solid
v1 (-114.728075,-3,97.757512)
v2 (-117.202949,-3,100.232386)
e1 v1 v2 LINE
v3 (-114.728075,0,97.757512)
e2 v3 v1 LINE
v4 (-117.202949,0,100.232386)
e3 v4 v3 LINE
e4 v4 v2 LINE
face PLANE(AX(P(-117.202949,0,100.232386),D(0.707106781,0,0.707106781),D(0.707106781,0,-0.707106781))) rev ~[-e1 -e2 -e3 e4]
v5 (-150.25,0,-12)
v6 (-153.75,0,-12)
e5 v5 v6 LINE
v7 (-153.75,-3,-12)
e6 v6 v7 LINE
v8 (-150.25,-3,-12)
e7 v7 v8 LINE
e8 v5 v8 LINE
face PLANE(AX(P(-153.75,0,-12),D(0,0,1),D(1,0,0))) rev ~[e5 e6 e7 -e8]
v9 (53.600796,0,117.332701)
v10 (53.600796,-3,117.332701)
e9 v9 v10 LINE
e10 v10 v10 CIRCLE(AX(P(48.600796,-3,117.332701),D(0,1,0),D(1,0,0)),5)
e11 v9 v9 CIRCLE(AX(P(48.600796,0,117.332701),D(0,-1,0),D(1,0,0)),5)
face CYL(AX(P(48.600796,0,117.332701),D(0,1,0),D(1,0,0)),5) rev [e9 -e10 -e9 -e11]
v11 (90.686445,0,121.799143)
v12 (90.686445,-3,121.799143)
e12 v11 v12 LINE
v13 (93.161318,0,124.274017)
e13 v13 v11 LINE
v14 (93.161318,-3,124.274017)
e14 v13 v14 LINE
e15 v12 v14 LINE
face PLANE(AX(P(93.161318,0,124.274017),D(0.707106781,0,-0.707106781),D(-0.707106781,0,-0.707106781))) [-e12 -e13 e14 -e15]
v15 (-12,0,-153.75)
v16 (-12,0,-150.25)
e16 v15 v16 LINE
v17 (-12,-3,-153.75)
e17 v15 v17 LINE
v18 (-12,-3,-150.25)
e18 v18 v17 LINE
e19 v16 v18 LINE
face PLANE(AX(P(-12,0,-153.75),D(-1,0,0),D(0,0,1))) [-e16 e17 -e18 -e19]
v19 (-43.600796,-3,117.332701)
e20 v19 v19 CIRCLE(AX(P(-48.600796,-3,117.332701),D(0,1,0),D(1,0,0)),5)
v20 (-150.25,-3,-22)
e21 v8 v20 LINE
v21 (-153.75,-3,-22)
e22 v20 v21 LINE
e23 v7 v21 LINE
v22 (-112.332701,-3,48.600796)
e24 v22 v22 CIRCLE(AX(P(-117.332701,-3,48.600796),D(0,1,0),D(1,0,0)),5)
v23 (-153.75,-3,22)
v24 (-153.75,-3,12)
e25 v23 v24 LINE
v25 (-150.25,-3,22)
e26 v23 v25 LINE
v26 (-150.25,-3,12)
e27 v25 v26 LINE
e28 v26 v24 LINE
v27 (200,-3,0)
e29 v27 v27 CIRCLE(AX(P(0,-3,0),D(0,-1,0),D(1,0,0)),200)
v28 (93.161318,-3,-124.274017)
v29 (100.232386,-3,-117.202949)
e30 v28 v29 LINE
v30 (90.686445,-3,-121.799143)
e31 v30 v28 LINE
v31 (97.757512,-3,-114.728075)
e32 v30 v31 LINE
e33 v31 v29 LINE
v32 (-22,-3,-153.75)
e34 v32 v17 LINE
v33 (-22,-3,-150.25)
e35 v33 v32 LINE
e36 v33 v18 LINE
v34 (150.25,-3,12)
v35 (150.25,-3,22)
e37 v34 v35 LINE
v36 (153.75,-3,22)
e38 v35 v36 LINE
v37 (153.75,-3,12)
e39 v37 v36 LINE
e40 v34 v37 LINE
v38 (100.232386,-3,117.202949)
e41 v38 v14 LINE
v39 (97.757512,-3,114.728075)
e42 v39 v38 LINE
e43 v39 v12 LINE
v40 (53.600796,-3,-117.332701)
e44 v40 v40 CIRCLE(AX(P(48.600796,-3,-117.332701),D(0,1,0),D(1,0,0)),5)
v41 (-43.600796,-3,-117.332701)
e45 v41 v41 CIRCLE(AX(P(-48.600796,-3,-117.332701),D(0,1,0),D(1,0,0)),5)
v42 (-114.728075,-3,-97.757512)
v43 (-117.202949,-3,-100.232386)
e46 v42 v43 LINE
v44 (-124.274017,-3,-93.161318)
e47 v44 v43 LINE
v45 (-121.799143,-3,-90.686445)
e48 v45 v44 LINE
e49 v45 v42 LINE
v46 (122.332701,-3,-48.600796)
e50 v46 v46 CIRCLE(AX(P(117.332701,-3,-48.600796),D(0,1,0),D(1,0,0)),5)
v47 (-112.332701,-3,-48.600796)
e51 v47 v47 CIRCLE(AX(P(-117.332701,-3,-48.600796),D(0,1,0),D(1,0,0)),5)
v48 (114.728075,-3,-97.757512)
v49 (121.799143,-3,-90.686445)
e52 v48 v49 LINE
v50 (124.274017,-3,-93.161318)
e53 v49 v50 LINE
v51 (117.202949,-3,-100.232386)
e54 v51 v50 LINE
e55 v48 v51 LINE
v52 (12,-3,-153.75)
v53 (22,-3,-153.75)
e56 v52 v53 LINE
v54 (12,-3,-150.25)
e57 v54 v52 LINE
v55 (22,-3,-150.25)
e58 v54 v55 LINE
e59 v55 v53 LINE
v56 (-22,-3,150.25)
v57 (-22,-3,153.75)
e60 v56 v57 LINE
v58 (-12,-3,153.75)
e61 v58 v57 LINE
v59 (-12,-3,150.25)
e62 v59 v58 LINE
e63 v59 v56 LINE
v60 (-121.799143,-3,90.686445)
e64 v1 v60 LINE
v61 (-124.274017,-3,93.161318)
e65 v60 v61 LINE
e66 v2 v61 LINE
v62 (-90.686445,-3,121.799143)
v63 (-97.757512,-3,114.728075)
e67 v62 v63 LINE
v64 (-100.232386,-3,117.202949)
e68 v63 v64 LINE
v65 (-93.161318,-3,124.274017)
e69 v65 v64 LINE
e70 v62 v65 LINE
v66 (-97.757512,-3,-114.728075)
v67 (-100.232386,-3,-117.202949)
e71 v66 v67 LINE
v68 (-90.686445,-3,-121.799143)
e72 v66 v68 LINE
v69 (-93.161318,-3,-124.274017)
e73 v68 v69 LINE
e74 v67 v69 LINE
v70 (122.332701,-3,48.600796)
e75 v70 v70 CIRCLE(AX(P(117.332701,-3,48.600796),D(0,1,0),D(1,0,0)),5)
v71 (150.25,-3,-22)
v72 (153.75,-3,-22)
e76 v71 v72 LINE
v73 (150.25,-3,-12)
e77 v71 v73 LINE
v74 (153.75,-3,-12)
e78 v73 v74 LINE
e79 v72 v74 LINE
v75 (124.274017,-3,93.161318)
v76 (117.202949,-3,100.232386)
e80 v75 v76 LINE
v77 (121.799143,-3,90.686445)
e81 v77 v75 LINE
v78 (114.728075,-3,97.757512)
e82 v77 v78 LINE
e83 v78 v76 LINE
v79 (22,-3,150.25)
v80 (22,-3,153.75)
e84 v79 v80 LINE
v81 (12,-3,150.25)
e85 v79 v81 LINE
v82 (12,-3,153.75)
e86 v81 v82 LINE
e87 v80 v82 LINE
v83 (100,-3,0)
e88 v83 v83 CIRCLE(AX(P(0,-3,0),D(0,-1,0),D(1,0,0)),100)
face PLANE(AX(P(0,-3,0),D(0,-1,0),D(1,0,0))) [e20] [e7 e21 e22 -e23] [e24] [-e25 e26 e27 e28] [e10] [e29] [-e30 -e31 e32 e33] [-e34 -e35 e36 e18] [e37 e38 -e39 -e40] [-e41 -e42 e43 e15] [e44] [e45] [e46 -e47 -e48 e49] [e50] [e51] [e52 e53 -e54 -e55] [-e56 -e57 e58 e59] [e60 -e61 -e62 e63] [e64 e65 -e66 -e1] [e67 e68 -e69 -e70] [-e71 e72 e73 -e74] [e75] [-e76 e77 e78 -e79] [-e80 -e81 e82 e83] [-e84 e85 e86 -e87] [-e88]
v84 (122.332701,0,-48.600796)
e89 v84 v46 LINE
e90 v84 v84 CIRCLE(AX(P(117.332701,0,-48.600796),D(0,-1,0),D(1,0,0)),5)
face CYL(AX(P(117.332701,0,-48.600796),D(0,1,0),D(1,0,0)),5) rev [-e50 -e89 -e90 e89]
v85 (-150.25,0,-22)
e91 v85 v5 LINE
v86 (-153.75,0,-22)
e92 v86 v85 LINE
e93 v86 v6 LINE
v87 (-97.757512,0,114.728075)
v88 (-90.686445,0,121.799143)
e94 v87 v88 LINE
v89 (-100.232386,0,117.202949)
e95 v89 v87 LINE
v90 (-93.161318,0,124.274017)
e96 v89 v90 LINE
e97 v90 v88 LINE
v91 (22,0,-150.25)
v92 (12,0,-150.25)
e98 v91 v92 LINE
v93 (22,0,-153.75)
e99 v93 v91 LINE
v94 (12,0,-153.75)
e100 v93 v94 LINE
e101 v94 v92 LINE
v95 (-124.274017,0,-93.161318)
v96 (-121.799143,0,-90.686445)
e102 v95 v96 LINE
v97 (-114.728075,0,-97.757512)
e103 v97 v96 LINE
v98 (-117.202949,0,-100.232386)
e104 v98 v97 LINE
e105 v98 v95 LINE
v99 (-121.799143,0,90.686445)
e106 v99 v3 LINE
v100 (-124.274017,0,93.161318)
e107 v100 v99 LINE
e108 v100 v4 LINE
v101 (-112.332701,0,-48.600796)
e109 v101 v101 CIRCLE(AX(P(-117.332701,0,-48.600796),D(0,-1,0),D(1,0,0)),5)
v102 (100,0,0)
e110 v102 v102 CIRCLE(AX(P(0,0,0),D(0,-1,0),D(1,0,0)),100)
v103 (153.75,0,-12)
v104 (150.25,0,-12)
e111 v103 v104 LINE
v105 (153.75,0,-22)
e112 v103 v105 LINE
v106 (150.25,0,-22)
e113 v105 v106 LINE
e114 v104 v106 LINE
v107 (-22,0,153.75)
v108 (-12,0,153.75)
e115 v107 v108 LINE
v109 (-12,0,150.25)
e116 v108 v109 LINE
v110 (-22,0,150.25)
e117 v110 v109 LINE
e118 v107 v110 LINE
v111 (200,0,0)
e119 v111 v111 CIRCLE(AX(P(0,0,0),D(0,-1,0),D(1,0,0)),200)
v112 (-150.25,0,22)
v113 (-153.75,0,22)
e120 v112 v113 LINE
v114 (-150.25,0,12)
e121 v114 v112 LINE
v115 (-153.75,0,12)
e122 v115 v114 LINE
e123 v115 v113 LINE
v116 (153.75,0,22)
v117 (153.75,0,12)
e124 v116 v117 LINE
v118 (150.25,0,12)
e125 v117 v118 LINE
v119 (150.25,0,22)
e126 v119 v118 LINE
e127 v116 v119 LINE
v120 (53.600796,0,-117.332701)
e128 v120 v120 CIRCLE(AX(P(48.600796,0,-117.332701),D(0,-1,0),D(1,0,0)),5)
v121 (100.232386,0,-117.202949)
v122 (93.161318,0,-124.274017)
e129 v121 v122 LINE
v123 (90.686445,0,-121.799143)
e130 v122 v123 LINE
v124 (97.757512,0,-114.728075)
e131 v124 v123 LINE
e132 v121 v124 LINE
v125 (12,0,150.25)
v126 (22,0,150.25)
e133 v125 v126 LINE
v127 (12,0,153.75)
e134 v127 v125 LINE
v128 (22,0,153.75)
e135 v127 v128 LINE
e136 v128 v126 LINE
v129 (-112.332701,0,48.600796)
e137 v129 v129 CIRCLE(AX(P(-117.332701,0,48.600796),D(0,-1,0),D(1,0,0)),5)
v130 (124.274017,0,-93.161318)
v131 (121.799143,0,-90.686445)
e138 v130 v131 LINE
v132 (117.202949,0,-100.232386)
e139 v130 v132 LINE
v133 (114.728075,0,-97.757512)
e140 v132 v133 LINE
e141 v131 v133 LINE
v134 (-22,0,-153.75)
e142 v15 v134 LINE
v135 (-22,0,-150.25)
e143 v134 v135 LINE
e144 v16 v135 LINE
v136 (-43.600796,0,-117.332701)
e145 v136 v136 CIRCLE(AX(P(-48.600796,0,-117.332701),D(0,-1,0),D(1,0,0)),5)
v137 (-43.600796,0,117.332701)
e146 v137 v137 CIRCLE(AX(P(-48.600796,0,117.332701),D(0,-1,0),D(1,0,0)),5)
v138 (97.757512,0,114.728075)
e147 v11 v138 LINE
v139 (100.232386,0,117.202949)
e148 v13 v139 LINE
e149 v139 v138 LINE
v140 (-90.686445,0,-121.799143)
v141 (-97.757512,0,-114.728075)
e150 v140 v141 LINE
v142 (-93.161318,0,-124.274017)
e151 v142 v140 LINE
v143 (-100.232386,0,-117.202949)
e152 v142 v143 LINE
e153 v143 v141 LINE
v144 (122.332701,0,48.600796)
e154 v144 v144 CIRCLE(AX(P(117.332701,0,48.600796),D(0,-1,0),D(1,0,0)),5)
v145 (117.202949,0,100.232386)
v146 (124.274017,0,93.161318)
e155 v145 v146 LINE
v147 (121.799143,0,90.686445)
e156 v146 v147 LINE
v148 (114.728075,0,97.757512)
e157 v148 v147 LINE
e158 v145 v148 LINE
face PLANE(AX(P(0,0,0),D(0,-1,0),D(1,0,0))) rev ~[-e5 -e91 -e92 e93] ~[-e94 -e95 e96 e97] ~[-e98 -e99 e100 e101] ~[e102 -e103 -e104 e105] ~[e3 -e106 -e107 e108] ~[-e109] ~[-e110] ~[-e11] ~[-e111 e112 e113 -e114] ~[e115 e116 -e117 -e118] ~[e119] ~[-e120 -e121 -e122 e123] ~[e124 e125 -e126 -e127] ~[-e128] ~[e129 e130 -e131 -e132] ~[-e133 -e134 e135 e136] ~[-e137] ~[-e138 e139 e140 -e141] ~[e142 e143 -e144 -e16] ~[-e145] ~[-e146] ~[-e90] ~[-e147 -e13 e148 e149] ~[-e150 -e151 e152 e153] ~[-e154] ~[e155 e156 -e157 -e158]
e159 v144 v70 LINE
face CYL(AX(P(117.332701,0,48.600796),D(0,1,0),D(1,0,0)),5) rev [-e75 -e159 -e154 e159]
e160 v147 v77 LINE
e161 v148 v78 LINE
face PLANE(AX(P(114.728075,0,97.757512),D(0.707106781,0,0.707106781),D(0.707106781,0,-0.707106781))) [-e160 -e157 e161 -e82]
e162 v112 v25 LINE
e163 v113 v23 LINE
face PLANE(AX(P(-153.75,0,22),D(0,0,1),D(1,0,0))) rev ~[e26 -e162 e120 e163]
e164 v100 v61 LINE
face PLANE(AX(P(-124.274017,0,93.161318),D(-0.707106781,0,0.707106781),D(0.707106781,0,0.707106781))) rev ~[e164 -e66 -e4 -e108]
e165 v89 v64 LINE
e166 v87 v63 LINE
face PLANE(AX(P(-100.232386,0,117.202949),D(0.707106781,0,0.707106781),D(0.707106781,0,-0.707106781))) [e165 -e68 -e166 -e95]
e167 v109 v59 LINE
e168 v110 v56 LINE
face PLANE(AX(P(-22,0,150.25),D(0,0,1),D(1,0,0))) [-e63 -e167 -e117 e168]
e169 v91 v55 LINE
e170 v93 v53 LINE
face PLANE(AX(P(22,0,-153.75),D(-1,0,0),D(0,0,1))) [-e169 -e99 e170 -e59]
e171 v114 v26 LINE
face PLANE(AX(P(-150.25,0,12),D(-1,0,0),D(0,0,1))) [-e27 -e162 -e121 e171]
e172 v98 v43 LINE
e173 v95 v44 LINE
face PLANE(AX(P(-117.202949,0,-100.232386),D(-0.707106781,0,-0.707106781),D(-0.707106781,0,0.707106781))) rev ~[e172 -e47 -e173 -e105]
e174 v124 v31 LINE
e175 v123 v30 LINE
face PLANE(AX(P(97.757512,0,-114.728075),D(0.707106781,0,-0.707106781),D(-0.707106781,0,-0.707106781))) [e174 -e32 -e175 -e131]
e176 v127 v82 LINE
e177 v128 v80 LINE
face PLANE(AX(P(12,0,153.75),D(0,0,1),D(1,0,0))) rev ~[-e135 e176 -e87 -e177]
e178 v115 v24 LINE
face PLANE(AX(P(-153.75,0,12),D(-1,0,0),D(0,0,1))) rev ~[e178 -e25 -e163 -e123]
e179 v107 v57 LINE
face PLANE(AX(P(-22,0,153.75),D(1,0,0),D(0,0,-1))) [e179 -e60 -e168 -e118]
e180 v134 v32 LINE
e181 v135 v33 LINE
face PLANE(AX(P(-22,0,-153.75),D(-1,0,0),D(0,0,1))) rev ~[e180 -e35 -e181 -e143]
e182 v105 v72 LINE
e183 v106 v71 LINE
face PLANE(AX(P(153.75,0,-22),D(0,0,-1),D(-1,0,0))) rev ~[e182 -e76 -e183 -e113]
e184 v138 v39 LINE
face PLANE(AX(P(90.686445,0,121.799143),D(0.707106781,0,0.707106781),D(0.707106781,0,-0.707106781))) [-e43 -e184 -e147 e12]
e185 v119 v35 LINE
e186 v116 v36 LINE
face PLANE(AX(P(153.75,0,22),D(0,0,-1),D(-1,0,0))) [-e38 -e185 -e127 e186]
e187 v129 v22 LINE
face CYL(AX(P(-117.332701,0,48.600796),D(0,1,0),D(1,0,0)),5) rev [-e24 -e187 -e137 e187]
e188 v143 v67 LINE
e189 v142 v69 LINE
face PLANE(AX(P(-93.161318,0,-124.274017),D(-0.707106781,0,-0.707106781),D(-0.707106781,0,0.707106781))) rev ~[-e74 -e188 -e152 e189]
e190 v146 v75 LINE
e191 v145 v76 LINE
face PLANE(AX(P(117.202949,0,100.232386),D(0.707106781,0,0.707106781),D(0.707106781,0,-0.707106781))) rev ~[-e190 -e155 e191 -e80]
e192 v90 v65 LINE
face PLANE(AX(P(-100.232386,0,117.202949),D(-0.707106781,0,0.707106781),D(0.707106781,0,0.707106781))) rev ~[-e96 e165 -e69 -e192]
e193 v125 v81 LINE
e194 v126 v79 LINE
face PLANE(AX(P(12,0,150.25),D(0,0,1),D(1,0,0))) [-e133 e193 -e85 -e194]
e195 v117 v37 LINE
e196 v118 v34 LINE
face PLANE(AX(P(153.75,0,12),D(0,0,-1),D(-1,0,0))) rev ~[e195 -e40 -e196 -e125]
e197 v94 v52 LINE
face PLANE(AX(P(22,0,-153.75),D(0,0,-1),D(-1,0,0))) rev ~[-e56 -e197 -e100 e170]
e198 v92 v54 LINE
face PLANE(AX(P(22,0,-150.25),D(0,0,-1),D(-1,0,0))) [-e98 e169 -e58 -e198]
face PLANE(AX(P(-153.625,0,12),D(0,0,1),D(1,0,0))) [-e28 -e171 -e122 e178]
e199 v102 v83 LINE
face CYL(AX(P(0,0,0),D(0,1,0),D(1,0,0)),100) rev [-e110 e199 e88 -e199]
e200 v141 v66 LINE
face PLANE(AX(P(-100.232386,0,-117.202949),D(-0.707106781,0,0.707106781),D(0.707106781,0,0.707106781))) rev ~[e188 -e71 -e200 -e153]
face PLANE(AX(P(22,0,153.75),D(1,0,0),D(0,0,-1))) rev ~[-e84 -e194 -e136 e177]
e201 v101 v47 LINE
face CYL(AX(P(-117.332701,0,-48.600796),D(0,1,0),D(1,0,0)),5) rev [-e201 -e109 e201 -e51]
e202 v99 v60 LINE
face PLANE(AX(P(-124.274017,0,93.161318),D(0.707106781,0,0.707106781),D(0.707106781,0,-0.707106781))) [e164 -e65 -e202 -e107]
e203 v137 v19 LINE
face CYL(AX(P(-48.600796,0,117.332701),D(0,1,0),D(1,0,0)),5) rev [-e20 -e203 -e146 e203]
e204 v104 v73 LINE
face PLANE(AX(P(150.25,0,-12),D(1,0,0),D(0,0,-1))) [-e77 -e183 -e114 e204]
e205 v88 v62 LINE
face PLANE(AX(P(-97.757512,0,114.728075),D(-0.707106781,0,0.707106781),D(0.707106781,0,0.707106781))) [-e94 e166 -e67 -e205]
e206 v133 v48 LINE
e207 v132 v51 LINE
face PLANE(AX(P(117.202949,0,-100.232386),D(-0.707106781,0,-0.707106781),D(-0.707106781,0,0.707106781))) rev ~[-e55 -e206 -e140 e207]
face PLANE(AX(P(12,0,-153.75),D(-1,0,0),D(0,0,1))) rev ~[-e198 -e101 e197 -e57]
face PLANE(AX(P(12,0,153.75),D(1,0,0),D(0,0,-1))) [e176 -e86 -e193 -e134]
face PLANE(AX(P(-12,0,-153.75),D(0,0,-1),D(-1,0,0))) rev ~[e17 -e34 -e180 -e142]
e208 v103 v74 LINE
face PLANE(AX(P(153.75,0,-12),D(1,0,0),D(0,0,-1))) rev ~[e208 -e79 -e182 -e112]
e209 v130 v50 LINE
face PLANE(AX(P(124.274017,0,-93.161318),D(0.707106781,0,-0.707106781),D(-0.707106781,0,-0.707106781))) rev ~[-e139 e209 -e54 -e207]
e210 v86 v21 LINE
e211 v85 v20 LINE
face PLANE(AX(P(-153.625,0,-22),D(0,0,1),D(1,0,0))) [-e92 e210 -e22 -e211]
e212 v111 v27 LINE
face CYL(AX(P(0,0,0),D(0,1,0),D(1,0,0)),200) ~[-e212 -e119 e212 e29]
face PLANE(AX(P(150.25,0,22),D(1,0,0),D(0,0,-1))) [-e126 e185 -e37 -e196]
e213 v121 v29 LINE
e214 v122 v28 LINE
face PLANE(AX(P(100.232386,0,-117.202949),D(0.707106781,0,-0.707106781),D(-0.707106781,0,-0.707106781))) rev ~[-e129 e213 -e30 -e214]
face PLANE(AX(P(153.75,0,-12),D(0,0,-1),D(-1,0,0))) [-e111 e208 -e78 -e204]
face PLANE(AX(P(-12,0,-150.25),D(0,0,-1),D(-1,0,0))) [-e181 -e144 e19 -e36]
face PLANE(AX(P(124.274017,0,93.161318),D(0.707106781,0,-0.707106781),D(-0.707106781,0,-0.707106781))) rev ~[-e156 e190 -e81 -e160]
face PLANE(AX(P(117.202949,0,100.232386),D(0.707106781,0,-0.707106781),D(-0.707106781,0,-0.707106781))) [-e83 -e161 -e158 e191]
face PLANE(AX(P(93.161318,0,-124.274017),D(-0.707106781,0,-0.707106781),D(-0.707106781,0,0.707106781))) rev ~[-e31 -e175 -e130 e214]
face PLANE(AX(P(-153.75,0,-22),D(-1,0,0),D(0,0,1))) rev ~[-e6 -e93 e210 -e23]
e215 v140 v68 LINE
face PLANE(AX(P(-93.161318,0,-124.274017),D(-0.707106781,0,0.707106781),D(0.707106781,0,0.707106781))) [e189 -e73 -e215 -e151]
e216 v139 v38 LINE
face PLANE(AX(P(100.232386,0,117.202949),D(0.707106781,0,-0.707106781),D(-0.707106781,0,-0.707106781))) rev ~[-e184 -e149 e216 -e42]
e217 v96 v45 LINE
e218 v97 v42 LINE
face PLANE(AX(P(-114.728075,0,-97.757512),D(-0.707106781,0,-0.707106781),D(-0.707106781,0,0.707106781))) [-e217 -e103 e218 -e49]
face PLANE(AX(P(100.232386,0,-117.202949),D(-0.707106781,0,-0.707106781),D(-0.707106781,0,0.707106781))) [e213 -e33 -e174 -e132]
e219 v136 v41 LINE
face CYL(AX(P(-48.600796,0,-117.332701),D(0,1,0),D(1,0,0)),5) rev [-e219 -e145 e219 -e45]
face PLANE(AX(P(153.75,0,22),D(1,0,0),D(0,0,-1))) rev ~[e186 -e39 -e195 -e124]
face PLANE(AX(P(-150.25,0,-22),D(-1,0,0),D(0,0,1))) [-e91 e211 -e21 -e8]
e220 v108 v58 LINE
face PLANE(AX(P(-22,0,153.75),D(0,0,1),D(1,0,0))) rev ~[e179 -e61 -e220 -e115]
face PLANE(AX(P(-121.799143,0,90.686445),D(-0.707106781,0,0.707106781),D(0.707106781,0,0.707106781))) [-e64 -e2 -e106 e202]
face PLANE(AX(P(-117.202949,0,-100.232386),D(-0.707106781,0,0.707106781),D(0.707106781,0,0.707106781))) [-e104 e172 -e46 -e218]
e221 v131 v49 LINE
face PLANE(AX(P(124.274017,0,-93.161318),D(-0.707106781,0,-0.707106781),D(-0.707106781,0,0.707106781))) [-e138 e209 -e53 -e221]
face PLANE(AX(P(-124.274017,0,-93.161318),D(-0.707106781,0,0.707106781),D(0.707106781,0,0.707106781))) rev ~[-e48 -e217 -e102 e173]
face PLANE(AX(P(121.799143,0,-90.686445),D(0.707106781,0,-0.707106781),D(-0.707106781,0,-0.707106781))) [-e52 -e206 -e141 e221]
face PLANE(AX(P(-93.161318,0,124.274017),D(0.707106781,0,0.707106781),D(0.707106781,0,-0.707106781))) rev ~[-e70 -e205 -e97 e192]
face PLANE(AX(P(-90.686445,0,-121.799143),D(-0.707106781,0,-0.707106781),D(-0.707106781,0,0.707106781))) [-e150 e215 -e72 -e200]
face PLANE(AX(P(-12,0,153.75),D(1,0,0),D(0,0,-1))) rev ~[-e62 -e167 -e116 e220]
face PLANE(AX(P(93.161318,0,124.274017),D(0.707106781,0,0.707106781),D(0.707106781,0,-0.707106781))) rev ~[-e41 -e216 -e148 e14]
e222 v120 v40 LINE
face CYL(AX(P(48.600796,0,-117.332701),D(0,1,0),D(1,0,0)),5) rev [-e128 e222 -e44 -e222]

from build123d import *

# Parameters (mm, degrees)
SKETCH_R           = 200
SKETCH_R_2         = 100
SKETCH_W           = 3.25
SKETCH_H           = 10
PAD_DEPTH          = 3
SKETCH001_W        = 3.5
SKETCH001_H        = 10
POCKET_DEPTH       = 1134.38776
POLARPATTERN_COUNT = 8
SKETCH002_R        = 5
POCKET001_DEPTH    = 5


with BuildPart() as part:
    # Sketch → Pad (new body)
    with BuildSketch(Plane.XZ):
        Circle(SKETCH_R)
        Circle(SKETCH_R_2, mode=Mode.SUBTRACT)
        with Locations((-152, 17)):
            Rectangle(SKETCH_W, SKETCH_H, mode=Mode.SUBTRACT)
        with Locations((-152, -17)):
            Rectangle(SKETCH_W, SKETCH_H, mode=Mode.SUBTRACT)
    extrude(amount=PAD_DEPTH)

    # Sketch001 → Pocket (cut, through all)
    with BuildSketch(Plane.XZ):
        with Locations((-152, 17)):
            Rectangle(SKETCH001_W, SKETCH001_H)
        with Locations((-152, -17)):
            Rectangle(SKETCH001_W, SKETCH001_H)
    pocket = extrude(amount=POCKET_DEPTH, mode=Mode.SUBTRACT)

    # PolarPattern: Pocket ×8 about axis
    polarpattern_axis = Axis((0, 0, 0), (0, -1, 0))
    for i in range(1, POLARPATTERN_COUNT):
        add(pocket.rotate(polarpattern_axis, i * 360 / POLARPATTERN_COUNT), mode=Mode.SUBTRACT)

    # Sketch002 → Pocket001 (cut)
    with BuildSketch(Plane.XZ):
        with Locations((-117.332701, 48.600796)):
            Circle(SKETCH002_R)
        with Locations((-48.600796, 117.332701)):
            Circle(SKETCH002_R)
        with Locations((48.600796, 117.332701)):
            Circle(SKETCH002_R)
        with Locations((117.332701, 48.600796)):
            Circle(SKETCH002_R)
        with Locations((117.332701, -48.600796)):
            Circle(SKETCH002_R)
        with Locations((48.600796, -117.332701)):
            Circle(SKETCH002_R)
        with Locations((-48.600796, -117.332701)):
            Circle(SKETCH002_R)
        with Locations((-117.332701, -48.600796)):
            Circle(SKETCH002_R)
    extrude(amount=POCKET001_DEPTH, mode=Mode.SUBTRACT)


solid = part.part
